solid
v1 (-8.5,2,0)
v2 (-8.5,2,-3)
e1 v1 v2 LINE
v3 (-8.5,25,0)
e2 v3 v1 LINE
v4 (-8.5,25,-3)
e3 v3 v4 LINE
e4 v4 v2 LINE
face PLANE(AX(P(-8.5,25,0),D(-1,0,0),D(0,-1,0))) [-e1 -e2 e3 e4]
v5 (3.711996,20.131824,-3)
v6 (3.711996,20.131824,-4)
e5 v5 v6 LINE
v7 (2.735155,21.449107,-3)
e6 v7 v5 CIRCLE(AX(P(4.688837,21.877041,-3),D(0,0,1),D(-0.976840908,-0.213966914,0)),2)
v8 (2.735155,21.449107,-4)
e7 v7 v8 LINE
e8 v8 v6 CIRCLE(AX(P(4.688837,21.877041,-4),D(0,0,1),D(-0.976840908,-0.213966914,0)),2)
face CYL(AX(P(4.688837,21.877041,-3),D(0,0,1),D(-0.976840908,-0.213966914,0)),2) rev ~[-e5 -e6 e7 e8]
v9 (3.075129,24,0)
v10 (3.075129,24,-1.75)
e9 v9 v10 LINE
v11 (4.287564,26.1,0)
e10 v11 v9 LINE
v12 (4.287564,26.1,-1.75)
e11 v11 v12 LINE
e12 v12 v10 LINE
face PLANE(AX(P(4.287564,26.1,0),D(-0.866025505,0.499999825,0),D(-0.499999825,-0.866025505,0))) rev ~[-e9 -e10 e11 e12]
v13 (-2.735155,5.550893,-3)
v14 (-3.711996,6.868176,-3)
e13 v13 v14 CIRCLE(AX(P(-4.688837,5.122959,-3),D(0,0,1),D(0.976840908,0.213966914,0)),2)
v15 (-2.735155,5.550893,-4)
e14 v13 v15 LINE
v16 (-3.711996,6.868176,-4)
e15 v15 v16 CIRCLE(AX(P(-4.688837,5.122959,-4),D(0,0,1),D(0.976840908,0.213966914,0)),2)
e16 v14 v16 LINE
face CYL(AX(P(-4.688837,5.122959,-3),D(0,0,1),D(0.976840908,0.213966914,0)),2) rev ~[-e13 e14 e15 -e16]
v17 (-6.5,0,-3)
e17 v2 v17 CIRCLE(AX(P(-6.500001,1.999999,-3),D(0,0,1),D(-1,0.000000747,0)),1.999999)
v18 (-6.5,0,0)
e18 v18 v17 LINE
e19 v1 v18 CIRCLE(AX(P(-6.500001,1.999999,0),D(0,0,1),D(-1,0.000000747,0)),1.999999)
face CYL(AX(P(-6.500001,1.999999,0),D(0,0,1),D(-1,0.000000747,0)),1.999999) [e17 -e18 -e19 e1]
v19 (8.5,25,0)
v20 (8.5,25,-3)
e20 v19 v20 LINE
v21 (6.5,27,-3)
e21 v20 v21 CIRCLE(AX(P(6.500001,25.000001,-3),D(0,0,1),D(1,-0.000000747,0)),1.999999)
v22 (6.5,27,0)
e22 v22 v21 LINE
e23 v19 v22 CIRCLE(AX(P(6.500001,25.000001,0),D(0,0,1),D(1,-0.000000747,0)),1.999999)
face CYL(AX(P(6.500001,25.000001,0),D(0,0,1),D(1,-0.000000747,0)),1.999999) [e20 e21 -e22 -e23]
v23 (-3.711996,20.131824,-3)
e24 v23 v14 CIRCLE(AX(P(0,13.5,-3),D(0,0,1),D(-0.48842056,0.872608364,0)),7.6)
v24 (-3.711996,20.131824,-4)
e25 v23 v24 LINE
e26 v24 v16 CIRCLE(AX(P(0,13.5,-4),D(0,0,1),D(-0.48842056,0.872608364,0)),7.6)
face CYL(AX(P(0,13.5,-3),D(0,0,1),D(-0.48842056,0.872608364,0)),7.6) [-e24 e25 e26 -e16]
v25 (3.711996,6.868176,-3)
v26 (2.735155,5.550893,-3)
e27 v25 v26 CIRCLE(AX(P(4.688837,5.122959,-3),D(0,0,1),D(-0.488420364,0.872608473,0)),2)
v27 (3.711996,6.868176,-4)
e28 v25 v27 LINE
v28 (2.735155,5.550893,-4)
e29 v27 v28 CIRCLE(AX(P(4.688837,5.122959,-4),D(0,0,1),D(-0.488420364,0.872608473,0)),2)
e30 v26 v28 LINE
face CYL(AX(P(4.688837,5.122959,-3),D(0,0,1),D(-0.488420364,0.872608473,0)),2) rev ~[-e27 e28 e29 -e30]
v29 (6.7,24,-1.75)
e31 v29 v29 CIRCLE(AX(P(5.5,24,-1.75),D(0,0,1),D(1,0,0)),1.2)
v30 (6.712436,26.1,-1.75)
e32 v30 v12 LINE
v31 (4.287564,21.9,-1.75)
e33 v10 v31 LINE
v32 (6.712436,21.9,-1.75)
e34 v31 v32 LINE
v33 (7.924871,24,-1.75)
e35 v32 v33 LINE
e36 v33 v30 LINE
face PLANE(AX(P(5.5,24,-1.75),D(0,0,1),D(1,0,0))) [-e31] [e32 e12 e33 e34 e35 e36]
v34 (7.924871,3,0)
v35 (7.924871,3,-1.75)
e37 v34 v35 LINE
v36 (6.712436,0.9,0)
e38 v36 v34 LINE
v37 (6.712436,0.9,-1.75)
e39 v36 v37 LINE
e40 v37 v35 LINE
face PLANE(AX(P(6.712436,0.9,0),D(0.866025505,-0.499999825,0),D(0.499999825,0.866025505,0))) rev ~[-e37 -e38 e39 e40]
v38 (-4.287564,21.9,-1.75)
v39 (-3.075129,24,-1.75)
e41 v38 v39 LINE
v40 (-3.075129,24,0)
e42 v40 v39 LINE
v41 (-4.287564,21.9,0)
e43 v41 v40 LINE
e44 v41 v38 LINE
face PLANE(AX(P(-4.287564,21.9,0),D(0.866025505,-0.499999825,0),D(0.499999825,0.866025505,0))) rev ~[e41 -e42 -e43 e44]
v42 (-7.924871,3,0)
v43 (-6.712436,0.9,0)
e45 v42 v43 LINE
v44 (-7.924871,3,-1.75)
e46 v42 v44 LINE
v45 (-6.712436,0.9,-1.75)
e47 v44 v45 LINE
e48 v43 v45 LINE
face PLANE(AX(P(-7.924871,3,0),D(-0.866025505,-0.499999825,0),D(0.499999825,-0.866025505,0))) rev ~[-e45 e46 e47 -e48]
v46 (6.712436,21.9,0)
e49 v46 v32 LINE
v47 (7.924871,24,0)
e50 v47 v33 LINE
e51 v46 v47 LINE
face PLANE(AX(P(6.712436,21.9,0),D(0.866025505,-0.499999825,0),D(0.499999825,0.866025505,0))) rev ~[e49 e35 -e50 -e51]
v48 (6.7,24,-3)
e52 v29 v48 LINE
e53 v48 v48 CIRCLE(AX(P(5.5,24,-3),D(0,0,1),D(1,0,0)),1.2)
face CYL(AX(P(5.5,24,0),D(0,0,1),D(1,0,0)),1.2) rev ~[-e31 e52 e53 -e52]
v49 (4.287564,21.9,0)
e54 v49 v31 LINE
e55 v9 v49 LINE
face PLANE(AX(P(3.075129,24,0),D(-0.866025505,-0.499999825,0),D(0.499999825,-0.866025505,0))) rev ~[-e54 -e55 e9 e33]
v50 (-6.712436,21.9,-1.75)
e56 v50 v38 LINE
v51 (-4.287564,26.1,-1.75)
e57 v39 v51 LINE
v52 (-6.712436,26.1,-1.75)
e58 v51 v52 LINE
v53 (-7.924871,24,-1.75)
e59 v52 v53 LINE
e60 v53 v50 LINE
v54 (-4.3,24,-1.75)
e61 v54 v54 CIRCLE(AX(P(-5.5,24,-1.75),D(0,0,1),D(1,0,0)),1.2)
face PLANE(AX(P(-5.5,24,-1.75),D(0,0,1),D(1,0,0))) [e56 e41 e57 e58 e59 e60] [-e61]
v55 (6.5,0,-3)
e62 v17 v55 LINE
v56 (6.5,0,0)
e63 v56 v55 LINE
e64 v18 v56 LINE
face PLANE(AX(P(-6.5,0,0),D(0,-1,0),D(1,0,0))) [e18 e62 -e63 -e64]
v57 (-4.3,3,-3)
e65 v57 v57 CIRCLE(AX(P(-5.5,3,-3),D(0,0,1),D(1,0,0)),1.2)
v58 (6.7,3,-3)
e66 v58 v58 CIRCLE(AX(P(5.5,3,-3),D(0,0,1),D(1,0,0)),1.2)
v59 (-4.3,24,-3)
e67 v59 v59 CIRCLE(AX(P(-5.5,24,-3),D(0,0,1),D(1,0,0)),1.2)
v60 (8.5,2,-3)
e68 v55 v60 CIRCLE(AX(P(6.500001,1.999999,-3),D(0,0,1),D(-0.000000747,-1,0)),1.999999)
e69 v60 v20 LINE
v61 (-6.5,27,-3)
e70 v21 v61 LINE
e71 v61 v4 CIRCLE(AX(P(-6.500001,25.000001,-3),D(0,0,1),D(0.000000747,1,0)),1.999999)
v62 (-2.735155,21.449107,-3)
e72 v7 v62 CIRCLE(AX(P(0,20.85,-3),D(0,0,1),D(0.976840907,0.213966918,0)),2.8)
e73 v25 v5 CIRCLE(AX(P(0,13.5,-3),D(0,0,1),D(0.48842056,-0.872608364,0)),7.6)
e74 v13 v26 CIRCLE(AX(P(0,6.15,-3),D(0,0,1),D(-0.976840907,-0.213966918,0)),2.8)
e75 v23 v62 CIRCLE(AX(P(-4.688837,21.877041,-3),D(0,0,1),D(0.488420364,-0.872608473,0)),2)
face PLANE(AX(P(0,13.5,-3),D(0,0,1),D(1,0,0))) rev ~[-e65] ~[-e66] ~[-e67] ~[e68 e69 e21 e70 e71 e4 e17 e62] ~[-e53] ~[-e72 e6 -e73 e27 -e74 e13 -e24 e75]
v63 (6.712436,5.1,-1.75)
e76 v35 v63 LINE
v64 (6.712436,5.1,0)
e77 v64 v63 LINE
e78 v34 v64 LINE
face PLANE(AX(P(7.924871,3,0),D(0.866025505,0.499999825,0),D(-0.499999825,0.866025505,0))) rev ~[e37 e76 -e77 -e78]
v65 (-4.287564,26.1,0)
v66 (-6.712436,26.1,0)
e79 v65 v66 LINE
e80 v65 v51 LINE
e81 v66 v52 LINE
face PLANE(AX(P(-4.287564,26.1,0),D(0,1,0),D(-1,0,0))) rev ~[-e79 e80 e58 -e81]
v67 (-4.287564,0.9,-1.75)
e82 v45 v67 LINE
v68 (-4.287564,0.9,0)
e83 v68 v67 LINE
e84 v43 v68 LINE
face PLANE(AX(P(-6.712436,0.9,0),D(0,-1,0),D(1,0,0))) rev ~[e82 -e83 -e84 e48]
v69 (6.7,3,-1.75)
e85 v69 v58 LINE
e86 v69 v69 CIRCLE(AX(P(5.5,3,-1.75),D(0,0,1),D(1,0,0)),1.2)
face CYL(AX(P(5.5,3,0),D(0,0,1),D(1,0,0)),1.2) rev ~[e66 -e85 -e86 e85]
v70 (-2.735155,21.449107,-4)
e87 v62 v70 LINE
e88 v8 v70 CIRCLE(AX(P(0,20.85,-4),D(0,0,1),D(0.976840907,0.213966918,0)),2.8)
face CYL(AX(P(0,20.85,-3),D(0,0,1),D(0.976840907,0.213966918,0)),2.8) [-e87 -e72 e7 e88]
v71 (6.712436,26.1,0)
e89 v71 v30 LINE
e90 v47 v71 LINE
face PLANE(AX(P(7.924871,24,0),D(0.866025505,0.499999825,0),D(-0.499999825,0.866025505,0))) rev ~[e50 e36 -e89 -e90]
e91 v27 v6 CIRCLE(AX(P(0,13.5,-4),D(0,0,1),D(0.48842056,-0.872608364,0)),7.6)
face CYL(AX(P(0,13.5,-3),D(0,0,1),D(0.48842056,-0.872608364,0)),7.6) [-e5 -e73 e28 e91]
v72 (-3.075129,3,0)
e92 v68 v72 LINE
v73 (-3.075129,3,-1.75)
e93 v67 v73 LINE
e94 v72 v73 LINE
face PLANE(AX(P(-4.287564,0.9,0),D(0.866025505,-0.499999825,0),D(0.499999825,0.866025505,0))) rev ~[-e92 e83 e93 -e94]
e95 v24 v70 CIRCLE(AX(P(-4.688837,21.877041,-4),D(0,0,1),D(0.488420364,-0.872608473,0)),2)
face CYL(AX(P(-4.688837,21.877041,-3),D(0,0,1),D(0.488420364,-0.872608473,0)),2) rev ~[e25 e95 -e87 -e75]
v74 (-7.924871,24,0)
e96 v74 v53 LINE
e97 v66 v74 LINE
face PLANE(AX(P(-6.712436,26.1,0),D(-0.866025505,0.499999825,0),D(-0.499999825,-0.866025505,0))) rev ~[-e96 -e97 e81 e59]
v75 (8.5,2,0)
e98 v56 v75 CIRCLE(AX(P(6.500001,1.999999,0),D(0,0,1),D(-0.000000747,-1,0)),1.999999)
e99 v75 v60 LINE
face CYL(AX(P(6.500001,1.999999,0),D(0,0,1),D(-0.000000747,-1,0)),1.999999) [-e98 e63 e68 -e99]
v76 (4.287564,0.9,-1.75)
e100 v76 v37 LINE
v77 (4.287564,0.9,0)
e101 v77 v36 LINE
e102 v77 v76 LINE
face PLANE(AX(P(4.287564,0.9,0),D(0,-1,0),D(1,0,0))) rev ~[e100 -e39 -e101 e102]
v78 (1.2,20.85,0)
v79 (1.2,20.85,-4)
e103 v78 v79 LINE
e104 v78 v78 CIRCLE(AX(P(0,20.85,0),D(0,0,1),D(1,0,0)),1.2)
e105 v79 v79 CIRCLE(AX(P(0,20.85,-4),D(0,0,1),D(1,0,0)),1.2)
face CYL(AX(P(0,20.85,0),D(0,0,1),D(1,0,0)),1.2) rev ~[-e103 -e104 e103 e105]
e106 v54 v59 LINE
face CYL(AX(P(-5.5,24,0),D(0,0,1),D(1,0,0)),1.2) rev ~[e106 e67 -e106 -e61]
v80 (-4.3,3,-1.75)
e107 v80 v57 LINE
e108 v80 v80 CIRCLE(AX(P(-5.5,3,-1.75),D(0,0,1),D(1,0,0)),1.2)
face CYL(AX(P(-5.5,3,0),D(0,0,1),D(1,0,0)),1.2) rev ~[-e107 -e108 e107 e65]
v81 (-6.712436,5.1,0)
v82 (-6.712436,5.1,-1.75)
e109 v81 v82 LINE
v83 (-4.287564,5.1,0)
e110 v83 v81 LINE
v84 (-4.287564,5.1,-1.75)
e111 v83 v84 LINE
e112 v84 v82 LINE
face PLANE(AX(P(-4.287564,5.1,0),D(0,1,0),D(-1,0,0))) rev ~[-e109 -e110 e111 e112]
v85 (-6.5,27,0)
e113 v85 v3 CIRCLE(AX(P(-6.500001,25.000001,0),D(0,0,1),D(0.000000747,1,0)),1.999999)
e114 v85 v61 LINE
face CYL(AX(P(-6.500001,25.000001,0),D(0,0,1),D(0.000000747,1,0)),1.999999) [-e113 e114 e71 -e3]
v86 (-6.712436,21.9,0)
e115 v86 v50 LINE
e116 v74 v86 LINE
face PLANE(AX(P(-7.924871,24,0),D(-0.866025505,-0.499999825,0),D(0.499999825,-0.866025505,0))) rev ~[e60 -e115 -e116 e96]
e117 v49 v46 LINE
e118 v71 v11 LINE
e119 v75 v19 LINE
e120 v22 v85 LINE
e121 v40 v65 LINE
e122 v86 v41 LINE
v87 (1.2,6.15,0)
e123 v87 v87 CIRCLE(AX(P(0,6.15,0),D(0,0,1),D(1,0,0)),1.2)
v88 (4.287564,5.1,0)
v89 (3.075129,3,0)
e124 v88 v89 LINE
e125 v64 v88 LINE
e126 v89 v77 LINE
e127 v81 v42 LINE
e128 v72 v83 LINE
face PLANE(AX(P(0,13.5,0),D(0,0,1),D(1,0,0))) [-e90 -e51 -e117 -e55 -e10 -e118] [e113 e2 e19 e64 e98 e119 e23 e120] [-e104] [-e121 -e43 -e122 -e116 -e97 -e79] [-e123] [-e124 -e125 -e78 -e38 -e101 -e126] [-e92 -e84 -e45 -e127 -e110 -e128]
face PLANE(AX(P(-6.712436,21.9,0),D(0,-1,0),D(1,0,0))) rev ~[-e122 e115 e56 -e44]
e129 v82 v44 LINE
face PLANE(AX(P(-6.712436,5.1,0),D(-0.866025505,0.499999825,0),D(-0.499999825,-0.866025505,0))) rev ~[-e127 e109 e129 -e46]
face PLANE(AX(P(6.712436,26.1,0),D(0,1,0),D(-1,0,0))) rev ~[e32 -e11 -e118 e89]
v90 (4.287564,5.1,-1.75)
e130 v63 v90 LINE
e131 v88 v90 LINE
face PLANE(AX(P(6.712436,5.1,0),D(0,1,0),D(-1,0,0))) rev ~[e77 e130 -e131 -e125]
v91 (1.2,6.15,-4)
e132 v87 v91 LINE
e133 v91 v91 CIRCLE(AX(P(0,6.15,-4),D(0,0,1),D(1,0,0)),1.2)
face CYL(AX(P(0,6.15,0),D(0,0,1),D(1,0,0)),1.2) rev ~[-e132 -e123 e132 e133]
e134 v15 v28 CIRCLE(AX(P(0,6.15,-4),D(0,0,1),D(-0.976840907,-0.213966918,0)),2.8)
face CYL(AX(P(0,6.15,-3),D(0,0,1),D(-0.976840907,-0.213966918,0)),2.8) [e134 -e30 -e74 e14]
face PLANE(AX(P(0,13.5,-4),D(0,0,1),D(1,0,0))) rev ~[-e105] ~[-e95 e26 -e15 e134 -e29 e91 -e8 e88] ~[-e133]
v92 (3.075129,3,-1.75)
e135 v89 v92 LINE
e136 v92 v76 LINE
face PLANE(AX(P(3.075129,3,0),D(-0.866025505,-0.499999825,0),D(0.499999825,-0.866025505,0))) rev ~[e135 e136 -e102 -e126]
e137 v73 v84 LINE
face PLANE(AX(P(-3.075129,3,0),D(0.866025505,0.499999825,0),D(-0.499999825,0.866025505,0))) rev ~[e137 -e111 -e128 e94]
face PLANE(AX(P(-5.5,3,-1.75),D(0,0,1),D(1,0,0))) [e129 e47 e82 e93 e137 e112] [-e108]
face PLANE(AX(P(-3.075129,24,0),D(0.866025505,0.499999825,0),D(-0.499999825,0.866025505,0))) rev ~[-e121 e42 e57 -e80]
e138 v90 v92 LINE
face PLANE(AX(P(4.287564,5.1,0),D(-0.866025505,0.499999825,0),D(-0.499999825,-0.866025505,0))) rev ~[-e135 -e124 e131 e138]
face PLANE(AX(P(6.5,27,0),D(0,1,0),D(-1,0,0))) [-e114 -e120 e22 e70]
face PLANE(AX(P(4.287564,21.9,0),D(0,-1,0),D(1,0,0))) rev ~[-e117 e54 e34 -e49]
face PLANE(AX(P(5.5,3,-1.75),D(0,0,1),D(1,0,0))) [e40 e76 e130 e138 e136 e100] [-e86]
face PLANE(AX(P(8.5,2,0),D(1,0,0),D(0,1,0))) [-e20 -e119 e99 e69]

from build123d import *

# Parameters (mm, degrees)
PAD001_DEPTH         = 3
SKETCH024_R          = 1.2
POCKET008_DEPTH      = 3.001
PAD002_DEPTH         = 1
SKETCH023_R          = 1.2
POCKET010_DEPTH      = 4.001
POCKET010_DEPTH_BACK = 0.001
POCKET011_DEPTH      = 1.75


with BuildPart() as part:
    # Sketch022 → Pad001 (new body)
    with BuildSketch(Plane.XY):
        with BuildLine():
            Line((-6.5, 0), (6.5, 0))
            ThreePointArc((6.5, 0), (7.914214, 0.585786), (8.5, 2))
            Line((8.5, 2), (8.5, 25))
            ThreePointArc((8.5, 25), (7.914214, 26.414214), (6.5, 27))
            Line((6.5, 27), (-6.5, 27))
            ThreePointArc((-6.5, 27), (-7.914214, 26.414214), (-8.5, 25))
            Line((-8.5, 25), (-8.5, 2))
            ThreePointArc((-8.5, 2), (-7.914214, 0.585786), (-6.5, 0))
        make_face()
    extrude(amount=-PAD001_DEPTH)

    # Sketch024 → Pocket008 (cut, through all)
    with BuildSketch(Plane.XY):
        with Locations((-5.5, 24)):
            Circle(SKETCH024_R)
        with Locations((5.5, 24)):
            Circle(SKETCH024_R)
        with Locations((5.5, 3)):
            Circle(SKETCH024_R)
        with Locations((-5.5, 3)):
            Circle(SKETCH024_R)
    extrude(amount=-POCKET008_DEPTH, mode=Mode.SUBTRACT)

    # Sketch026 (on DatumPlane) → Pad002 (join)
    with BuildSketch(Plane.XY.offset(-3)):
        with BuildLine():
            ThreePointArc((-3.711996, 20.131824), (-7.6, 13.5), (-3.711996, 6.868176))
            ThreePointArc((-2.735155, 5.550893), (-3.08235, 6.314261), (-3.711996, 6.868176))
            ThreePointArc((-2.735155, 5.550893), (0, 3.35), (2.735155, 5.550893))
            ThreePointArc((3.711996, 6.868176), (3.08235, 6.314261), (2.735155, 5.550893))
            ThreePointArc((3.711996, 6.868176), (7.6, 13.5), (3.711996, 20.131824))
            ThreePointArc((2.735155, 21.449107), (3.08235, 20.685739), (3.711996, 20.131824))
            ThreePointArc((2.735155, 21.449107), (0, 23.65), (-2.735155, 21.449107))
            ThreePointArc((-3.711996, 20.131824), (-3.08235, 20.685739), (-2.735155, 21.449107))
        make_face()
    extrude(amount=-PAD002_DEPTH)

    # Sketch023 → Pocket010 (cut, two sides)
    with BuildSketch(Plane.XY) as pocket010_sk:
        with Locations((0, 6.15)):
            Circle(SKETCH023_R)
        with Locations((0, 20.85)):
            Circle(SKETCH023_R)
    extrude(amount=-POCKET010_DEPTH, mode=Mode.SUBTRACT)
    extrude(pocket010_sk.sketch, amount=POCKET010_DEPTH_BACK, mode=Mode.SUBTRACT)

    # Sketch027 → Pocket011 (cut)
    with BuildSketch(Plane.XY):
        Polygon((4.287564, 0.9), (6.712436, 0.9), (7.924871, 3), (6.712436, 5.1), (4.287564, 5.1), (3.075129, 3), align=None)
        Polygon((6.712436, 26.1), (4.287564, 26.1), (3.075129, 24), (4.287564, 21.9), (6.712436, 21.9), (7.924871, 24), align=None)
        Polygon((-4.287564, 21.9), (-3.075129, 24), (-4.287564, 26.1), (-6.712436, 26.1), (-7.924871, 24), (-6.712436, 21.9), align=None)
        Polygon((-4.287564, 0.9), (-3.075129, 3), (-4.287564, 5.1), (-6.712436, 5.1), (-7.924871, 3), (-6.712436, 0.9), align=None)
    extrude(amount=-POCKET011_DEPTH, mode=Mode.SUBTRACT)


solid = part.part
